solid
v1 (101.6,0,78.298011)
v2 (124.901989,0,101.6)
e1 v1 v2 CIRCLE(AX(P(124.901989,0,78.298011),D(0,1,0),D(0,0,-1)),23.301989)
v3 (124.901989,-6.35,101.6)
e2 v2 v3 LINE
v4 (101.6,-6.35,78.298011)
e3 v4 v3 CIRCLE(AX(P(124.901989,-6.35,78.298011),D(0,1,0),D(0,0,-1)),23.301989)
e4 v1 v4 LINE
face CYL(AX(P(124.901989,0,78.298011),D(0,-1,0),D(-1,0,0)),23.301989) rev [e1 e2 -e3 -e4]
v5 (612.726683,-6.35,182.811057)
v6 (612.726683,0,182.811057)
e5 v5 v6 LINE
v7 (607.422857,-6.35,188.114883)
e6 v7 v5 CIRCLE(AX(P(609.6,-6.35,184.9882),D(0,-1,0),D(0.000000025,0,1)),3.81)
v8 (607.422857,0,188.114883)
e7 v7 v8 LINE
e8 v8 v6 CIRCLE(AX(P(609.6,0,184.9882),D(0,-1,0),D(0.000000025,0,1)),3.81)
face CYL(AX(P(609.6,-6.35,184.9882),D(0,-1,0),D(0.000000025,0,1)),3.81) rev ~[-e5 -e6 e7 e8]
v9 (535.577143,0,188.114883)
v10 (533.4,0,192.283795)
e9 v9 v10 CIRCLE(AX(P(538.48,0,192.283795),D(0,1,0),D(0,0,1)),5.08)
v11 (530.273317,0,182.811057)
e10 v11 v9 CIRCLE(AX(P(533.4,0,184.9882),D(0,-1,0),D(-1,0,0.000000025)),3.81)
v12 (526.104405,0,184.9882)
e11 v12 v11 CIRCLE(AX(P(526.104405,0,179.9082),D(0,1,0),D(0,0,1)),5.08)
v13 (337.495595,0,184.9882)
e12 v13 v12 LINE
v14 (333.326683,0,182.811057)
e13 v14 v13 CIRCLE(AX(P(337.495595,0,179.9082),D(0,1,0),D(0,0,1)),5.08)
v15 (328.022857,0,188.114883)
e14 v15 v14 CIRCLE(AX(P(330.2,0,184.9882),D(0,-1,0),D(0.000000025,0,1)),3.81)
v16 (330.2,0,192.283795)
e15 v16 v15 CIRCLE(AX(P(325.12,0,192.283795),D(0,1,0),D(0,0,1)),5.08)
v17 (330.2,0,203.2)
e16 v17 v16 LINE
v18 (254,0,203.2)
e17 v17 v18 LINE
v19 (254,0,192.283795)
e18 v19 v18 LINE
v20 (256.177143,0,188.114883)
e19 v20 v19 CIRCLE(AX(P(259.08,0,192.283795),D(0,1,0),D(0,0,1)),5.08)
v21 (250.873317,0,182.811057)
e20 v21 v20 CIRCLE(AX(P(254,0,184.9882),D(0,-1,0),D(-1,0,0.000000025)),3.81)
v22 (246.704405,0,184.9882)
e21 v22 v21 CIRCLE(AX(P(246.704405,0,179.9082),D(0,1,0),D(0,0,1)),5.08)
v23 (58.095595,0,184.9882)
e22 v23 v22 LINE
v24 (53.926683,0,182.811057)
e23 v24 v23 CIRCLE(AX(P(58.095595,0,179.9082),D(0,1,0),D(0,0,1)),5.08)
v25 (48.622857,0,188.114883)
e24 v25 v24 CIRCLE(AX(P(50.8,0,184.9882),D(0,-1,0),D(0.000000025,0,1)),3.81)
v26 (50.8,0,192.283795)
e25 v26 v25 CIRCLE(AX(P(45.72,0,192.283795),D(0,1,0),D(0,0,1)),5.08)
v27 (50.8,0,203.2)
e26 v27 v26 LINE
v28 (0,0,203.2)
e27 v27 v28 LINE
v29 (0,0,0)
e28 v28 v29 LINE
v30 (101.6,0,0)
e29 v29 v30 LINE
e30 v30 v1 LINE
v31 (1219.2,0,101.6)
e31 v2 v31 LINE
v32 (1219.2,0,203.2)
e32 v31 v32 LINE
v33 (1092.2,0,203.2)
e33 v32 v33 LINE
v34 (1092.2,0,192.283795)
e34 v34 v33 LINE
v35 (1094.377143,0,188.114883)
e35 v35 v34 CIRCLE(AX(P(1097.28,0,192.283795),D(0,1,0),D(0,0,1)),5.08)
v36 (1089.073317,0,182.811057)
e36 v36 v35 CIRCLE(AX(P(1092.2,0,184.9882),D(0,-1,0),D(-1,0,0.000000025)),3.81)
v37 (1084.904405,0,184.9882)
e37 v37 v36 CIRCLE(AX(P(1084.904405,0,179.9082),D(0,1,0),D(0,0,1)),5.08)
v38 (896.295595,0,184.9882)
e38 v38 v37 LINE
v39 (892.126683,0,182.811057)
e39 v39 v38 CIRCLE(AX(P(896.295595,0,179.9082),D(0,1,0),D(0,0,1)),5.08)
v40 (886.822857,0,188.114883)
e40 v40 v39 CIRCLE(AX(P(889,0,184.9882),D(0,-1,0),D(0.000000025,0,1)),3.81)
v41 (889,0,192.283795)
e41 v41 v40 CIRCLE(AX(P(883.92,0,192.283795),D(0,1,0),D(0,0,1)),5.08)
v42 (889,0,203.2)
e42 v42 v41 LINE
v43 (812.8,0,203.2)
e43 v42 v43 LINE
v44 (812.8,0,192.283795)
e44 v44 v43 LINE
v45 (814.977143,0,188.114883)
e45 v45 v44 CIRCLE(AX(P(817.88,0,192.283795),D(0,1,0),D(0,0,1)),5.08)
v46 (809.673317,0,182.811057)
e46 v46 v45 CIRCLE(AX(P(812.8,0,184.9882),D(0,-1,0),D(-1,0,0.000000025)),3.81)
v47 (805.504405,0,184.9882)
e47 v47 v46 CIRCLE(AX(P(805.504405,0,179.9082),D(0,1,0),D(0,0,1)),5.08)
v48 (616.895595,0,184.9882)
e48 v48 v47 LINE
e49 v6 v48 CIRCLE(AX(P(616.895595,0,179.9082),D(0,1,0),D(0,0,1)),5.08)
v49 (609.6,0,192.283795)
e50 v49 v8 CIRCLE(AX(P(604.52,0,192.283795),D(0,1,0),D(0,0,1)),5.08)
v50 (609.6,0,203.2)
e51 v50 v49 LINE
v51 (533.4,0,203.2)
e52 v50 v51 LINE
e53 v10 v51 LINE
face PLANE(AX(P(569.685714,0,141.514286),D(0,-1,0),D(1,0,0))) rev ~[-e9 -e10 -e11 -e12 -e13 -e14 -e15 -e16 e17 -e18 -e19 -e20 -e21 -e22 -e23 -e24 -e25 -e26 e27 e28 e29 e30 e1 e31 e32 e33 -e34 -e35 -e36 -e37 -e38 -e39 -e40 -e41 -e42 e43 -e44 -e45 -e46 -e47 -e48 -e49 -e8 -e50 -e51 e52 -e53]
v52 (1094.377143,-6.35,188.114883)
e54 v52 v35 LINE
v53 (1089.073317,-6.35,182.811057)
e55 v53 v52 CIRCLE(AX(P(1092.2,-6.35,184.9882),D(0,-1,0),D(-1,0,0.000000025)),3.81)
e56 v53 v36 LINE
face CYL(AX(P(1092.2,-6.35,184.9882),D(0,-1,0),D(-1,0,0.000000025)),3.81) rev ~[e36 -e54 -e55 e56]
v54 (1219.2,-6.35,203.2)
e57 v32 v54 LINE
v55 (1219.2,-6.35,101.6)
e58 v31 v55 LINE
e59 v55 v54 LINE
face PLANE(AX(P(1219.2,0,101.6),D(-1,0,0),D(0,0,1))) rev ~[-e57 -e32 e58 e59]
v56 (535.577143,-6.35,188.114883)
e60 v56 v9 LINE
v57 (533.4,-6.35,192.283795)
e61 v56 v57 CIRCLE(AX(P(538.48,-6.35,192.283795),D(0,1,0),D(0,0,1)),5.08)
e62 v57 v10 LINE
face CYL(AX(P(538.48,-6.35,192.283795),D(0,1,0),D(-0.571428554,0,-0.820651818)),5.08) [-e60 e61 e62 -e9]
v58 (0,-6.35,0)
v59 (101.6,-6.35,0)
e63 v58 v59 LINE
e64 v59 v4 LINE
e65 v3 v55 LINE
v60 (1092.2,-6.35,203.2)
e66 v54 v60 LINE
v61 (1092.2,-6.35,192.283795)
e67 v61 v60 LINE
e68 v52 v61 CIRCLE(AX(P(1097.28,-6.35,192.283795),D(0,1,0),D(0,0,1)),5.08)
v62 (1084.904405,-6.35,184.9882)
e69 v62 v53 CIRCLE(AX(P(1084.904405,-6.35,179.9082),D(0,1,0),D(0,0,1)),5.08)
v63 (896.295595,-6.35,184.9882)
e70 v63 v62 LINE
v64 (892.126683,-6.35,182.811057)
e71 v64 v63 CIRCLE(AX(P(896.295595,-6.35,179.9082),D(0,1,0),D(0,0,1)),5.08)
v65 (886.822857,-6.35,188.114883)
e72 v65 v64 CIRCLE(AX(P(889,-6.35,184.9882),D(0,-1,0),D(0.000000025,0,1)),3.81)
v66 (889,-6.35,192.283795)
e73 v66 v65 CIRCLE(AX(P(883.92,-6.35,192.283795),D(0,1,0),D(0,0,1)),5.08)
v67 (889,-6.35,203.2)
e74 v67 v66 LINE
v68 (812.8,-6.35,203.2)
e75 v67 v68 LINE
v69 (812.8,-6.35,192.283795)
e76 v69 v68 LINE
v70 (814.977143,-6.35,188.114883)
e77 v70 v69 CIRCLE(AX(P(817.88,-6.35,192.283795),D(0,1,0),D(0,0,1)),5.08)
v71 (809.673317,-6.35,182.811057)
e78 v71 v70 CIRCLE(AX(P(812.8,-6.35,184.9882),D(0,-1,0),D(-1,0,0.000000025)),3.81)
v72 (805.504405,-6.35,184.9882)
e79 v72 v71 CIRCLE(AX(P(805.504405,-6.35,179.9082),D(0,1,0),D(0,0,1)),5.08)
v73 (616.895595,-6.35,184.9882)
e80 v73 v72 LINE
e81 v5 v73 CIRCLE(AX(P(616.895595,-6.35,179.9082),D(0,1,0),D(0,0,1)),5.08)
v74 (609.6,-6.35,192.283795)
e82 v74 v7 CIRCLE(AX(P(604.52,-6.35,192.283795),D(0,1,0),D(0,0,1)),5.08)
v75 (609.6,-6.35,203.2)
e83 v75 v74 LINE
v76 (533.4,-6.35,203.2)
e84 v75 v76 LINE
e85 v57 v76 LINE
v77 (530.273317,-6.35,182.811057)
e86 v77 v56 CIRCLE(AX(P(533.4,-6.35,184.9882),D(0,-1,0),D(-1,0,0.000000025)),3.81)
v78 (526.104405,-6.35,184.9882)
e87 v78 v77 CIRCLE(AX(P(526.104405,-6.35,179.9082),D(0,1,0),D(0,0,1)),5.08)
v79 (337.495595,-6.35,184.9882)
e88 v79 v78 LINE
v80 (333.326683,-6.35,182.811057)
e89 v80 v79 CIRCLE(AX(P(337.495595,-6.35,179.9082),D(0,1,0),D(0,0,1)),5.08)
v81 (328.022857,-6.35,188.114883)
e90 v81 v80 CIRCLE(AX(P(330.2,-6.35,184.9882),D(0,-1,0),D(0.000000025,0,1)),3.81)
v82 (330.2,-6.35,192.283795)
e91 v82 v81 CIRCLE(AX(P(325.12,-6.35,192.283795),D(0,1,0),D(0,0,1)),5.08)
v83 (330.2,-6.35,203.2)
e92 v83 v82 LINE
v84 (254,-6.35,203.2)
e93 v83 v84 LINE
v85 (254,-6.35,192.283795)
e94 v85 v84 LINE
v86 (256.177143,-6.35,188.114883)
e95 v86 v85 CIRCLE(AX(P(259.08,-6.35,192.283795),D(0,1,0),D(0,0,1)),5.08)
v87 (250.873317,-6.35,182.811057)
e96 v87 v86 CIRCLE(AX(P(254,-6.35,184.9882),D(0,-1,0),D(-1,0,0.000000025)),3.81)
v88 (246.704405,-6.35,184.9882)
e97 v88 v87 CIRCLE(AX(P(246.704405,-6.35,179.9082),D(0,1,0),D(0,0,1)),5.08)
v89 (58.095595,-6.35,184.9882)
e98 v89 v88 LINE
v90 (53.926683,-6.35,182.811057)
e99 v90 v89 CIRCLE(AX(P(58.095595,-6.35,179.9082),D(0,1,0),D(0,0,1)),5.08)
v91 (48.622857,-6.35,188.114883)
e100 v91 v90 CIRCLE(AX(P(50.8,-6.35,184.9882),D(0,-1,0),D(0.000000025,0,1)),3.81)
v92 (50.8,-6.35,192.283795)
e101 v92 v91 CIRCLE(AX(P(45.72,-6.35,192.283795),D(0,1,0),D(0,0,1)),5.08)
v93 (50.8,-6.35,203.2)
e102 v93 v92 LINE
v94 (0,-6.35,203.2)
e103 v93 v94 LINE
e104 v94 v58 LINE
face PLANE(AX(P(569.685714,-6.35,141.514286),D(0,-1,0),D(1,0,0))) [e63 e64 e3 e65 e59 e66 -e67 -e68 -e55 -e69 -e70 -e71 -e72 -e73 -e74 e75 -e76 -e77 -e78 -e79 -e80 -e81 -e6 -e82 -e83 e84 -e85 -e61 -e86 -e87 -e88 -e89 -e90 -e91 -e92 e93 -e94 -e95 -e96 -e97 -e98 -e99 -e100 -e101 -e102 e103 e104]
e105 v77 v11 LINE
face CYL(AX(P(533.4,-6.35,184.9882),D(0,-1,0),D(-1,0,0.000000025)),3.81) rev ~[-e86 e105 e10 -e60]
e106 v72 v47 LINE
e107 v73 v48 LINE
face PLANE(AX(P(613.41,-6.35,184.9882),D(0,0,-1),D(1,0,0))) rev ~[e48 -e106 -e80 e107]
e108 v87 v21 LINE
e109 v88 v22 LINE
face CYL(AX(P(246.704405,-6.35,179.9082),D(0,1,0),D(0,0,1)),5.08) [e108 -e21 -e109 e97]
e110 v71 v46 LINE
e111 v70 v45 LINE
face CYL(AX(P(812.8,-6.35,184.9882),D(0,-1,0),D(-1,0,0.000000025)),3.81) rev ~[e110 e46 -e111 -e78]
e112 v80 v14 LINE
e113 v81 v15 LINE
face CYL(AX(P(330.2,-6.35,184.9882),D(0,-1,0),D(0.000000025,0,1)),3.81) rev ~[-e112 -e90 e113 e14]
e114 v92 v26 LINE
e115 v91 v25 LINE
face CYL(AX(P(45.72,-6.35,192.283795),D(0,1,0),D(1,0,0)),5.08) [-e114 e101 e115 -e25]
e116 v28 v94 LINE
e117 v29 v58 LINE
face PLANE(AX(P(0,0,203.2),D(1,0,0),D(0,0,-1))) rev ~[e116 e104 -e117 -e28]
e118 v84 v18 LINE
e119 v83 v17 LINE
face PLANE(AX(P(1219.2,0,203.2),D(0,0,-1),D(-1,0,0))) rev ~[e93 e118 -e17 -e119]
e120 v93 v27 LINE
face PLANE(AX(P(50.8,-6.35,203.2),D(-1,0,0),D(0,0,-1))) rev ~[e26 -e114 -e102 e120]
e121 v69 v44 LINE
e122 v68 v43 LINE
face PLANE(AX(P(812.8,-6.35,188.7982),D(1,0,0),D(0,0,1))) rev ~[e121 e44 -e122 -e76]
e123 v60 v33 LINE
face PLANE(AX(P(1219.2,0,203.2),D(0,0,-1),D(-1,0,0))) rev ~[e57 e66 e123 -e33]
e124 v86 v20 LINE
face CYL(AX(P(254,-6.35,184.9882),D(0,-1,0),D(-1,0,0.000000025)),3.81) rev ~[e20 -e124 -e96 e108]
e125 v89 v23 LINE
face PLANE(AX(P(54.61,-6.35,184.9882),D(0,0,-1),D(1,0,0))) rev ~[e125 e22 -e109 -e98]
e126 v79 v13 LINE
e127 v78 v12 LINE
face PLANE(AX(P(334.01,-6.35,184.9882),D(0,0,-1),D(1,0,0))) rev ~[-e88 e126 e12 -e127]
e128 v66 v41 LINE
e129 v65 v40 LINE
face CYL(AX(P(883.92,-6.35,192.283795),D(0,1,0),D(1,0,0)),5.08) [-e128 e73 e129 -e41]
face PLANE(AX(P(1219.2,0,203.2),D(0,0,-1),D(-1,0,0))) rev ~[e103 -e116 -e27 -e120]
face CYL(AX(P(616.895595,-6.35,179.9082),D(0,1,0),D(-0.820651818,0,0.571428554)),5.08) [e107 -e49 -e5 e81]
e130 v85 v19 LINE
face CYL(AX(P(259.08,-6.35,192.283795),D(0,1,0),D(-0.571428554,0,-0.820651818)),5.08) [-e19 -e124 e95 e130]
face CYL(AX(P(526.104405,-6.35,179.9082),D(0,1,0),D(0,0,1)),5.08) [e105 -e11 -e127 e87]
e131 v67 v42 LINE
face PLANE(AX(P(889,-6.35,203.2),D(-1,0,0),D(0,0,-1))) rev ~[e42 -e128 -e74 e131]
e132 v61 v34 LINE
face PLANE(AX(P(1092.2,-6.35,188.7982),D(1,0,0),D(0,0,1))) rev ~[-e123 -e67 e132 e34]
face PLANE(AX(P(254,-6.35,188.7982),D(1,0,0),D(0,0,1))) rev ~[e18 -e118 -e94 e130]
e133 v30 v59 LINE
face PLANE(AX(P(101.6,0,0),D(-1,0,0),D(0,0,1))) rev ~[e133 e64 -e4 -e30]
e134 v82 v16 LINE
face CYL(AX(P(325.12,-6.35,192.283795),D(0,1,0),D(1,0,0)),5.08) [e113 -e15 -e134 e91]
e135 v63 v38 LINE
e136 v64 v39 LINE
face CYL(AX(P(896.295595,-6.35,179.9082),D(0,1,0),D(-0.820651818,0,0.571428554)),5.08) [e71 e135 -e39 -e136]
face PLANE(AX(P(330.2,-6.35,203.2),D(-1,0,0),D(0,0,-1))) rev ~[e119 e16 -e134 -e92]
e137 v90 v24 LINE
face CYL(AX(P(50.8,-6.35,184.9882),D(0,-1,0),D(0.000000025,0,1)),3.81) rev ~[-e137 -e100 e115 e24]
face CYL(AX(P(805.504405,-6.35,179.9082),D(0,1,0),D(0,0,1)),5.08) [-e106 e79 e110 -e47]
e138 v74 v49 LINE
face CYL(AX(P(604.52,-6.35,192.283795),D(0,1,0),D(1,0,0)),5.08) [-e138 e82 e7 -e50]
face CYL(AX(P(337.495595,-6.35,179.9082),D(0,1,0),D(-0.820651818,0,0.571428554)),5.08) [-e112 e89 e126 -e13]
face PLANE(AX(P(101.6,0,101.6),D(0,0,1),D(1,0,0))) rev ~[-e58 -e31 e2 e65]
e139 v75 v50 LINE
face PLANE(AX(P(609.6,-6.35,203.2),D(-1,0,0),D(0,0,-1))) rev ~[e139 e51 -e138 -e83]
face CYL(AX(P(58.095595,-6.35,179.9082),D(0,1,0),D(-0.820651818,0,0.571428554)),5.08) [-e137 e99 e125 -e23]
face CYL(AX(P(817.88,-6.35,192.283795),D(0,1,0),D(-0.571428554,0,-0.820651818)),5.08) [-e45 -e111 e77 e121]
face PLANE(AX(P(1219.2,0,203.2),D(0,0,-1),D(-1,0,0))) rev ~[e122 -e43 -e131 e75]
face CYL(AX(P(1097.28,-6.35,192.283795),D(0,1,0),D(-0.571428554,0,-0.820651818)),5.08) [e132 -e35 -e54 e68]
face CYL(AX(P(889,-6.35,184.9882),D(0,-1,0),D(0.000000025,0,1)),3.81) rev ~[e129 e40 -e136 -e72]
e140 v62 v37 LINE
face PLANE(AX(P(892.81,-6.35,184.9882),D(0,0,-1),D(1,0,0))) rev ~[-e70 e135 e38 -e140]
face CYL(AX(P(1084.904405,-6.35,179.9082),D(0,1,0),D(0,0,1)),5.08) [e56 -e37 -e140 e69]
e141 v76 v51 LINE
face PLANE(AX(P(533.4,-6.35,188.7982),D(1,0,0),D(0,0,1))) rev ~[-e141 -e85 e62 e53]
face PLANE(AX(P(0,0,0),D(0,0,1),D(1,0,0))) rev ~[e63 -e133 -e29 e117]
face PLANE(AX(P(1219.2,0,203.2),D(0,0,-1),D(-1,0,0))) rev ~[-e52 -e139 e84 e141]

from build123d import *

# Parameters (mm, degrees)
F1_DEPTH = 6.35
F3_DEPTH = 6.351
F4_R     = 5.08
F5_R     = 23.301989


with BuildPart() as f1:
    # F0 (on Front) → F1 (new body)
    with BuildSketch(Plane.XZ):
        Polygon((0, 203.2), (0, 0), (101.6, 0), (101.6, 101.6), (1219.2, 101.6), (1219.2, 203.2), align=None)
    extrude(amount=F1_DEPTH)

    # F2 (on face) → F3 (cut, through all)
    with BuildSketch(Plane.XZ.offset(6.35)):
        with BuildLine():
            Line((254, 184.9882), (250.19, 184.9882))
            ThreePointArc((250.19, 184.9882), (256.694077, 182.294123), (254, 188.7982))
            Line((254, 188.7982), (254, 184.9882))
        make_face()
        with BuildLine():
            Line((50.8, 184.9882), (50.8, 188.7982))
            ThreePointArc((50.8, 188.7982), (48.105923, 182.294123), (54.61, 184.9882))
            Line((54.61, 184.9882), (50.8, 184.9882))
        make_face()
        with BuildLine():
            Line((533.4, 184.9882), (529.59, 184.9882))
            ThreePointArc((529.59, 184.9882), (536.094077, 182.294123), (533.4, 188.7982))
            Line((533.4, 188.7982), (533.4, 184.9882))
        make_face()
        with BuildLine():
            Line((330.2, 184.9882), (330.2, 188.7982))
            ThreePointArc((330.2, 188.7982), (327.505923, 182.294123), (334.01, 184.9882))
            Line((334.01, 184.9882), (330.2, 184.9882))
        make_face()
        with BuildLine():
            Line((812.8, 184.9882), (808.99, 184.9882))
            ThreePointArc((808.99, 184.9882), (815.494077, 182.294123), (812.8, 188.7982))
            Line((812.8, 188.7982), (812.8, 184.9882))
        make_face()
        with BuildLine():
            Line((609.6, 184.9882), (609.6, 188.7982))
            ThreePointArc((609.6, 188.7982), (606.905923, 182.294123), (613.41, 184.9882))
            Line((613.41, 184.9882), (609.6, 184.9882))
        make_face()
        with BuildLine():
            Line((1092.2, 184.9882), (1088.39, 184.9882))
            ThreePointArc((1088.39, 184.9882), (1094.894077, 182.294123), (1092.2, 188.7982))
            Line((1092.2, 188.7982), (1092.2, 184.9882))
        make_face()
        with BuildLine():
            Line((889, 184.9882), (889, 188.7982))
            ThreePointArc((889, 188.7982), (886.305923, 182.294123), (892.81, 184.9882))
            Line((892.81, 184.9882), (889, 184.9882))
        make_face()
        Polygon((254, 203.2), (50.8, 203.2), (50.8, 188.7982), (50.8, 184.9882), (54.61, 184.9882), (152.4, 184.9882), (250.19, 184.9882), (254, 184.9882), (254, 188.7982), align=None)
        Polygon((533.4, 203.2), (330.2, 203.2), (330.2, 188.7982), (330.2, 184.9882), (334.01, 184.9882), (431.8, 184.9882), (529.59, 184.9882), (533.4, 184.9882), (533.4, 188.7982), align=None)
        Polygon((812.8, 203.2), (609.6, 203.2), (609.6, 188.7982), (609.6, 184.9882), (613.41, 184.9882), (711.2, 184.9882), (808.99, 184.9882), (812.8, 184.9882), (812.8, 188.7982), align=None)
        Polygon((1092.2, 203.2), (889, 203.2), (889, 188.7982), (889, 184.9882), (892.81, 184.9882), (990.6, 184.9882), (1088.39, 184.9882), (1092.2, 184.9882), (1092.2, 188.7982), align=None)
    extrude(amount=-F3_DEPTH, mode=Mode.SUBTRACT)

    # F4
    f4_edges = [f1.edges().sort_by_distance(p)[0] for p in [
        (334.01, -3.175, 184.9882),
        (330.2, -3.175, 188.7982),
        (529.59, -3.175, 184.9882),
        (533.4, -3.175, 188.7982),
        (54.61, -3.175, 184.9882),
        (50.8, -3.175, 188.7982),
        (250.19, -3.175, 184.9882),
        (254, -3.175, 188.7982),
        (1092.2, -3.175, 188.7982),
        (1088.39, -3.175, 184.9882),
        (812.8, -3.175, 188.7982),
        (808.99, -3.175, 184.9882),
        (609.6, -3.175, 188.7982),
        (613.41, -3.175, 184.9882),
        (889, -3.175, 188.7982),
        (892.81, -3.175, 184.9882),
    ]]
    fillet(f4_edges, radius=F4_R)

    # F5
    f5_edges = [f1.edges().sort_by_distance(p)[0] for p in [
        (101.6, -3.175, 101.6),
    ]]
    fillet(f5_edges, radius=F5_R)


solid = f1.part
